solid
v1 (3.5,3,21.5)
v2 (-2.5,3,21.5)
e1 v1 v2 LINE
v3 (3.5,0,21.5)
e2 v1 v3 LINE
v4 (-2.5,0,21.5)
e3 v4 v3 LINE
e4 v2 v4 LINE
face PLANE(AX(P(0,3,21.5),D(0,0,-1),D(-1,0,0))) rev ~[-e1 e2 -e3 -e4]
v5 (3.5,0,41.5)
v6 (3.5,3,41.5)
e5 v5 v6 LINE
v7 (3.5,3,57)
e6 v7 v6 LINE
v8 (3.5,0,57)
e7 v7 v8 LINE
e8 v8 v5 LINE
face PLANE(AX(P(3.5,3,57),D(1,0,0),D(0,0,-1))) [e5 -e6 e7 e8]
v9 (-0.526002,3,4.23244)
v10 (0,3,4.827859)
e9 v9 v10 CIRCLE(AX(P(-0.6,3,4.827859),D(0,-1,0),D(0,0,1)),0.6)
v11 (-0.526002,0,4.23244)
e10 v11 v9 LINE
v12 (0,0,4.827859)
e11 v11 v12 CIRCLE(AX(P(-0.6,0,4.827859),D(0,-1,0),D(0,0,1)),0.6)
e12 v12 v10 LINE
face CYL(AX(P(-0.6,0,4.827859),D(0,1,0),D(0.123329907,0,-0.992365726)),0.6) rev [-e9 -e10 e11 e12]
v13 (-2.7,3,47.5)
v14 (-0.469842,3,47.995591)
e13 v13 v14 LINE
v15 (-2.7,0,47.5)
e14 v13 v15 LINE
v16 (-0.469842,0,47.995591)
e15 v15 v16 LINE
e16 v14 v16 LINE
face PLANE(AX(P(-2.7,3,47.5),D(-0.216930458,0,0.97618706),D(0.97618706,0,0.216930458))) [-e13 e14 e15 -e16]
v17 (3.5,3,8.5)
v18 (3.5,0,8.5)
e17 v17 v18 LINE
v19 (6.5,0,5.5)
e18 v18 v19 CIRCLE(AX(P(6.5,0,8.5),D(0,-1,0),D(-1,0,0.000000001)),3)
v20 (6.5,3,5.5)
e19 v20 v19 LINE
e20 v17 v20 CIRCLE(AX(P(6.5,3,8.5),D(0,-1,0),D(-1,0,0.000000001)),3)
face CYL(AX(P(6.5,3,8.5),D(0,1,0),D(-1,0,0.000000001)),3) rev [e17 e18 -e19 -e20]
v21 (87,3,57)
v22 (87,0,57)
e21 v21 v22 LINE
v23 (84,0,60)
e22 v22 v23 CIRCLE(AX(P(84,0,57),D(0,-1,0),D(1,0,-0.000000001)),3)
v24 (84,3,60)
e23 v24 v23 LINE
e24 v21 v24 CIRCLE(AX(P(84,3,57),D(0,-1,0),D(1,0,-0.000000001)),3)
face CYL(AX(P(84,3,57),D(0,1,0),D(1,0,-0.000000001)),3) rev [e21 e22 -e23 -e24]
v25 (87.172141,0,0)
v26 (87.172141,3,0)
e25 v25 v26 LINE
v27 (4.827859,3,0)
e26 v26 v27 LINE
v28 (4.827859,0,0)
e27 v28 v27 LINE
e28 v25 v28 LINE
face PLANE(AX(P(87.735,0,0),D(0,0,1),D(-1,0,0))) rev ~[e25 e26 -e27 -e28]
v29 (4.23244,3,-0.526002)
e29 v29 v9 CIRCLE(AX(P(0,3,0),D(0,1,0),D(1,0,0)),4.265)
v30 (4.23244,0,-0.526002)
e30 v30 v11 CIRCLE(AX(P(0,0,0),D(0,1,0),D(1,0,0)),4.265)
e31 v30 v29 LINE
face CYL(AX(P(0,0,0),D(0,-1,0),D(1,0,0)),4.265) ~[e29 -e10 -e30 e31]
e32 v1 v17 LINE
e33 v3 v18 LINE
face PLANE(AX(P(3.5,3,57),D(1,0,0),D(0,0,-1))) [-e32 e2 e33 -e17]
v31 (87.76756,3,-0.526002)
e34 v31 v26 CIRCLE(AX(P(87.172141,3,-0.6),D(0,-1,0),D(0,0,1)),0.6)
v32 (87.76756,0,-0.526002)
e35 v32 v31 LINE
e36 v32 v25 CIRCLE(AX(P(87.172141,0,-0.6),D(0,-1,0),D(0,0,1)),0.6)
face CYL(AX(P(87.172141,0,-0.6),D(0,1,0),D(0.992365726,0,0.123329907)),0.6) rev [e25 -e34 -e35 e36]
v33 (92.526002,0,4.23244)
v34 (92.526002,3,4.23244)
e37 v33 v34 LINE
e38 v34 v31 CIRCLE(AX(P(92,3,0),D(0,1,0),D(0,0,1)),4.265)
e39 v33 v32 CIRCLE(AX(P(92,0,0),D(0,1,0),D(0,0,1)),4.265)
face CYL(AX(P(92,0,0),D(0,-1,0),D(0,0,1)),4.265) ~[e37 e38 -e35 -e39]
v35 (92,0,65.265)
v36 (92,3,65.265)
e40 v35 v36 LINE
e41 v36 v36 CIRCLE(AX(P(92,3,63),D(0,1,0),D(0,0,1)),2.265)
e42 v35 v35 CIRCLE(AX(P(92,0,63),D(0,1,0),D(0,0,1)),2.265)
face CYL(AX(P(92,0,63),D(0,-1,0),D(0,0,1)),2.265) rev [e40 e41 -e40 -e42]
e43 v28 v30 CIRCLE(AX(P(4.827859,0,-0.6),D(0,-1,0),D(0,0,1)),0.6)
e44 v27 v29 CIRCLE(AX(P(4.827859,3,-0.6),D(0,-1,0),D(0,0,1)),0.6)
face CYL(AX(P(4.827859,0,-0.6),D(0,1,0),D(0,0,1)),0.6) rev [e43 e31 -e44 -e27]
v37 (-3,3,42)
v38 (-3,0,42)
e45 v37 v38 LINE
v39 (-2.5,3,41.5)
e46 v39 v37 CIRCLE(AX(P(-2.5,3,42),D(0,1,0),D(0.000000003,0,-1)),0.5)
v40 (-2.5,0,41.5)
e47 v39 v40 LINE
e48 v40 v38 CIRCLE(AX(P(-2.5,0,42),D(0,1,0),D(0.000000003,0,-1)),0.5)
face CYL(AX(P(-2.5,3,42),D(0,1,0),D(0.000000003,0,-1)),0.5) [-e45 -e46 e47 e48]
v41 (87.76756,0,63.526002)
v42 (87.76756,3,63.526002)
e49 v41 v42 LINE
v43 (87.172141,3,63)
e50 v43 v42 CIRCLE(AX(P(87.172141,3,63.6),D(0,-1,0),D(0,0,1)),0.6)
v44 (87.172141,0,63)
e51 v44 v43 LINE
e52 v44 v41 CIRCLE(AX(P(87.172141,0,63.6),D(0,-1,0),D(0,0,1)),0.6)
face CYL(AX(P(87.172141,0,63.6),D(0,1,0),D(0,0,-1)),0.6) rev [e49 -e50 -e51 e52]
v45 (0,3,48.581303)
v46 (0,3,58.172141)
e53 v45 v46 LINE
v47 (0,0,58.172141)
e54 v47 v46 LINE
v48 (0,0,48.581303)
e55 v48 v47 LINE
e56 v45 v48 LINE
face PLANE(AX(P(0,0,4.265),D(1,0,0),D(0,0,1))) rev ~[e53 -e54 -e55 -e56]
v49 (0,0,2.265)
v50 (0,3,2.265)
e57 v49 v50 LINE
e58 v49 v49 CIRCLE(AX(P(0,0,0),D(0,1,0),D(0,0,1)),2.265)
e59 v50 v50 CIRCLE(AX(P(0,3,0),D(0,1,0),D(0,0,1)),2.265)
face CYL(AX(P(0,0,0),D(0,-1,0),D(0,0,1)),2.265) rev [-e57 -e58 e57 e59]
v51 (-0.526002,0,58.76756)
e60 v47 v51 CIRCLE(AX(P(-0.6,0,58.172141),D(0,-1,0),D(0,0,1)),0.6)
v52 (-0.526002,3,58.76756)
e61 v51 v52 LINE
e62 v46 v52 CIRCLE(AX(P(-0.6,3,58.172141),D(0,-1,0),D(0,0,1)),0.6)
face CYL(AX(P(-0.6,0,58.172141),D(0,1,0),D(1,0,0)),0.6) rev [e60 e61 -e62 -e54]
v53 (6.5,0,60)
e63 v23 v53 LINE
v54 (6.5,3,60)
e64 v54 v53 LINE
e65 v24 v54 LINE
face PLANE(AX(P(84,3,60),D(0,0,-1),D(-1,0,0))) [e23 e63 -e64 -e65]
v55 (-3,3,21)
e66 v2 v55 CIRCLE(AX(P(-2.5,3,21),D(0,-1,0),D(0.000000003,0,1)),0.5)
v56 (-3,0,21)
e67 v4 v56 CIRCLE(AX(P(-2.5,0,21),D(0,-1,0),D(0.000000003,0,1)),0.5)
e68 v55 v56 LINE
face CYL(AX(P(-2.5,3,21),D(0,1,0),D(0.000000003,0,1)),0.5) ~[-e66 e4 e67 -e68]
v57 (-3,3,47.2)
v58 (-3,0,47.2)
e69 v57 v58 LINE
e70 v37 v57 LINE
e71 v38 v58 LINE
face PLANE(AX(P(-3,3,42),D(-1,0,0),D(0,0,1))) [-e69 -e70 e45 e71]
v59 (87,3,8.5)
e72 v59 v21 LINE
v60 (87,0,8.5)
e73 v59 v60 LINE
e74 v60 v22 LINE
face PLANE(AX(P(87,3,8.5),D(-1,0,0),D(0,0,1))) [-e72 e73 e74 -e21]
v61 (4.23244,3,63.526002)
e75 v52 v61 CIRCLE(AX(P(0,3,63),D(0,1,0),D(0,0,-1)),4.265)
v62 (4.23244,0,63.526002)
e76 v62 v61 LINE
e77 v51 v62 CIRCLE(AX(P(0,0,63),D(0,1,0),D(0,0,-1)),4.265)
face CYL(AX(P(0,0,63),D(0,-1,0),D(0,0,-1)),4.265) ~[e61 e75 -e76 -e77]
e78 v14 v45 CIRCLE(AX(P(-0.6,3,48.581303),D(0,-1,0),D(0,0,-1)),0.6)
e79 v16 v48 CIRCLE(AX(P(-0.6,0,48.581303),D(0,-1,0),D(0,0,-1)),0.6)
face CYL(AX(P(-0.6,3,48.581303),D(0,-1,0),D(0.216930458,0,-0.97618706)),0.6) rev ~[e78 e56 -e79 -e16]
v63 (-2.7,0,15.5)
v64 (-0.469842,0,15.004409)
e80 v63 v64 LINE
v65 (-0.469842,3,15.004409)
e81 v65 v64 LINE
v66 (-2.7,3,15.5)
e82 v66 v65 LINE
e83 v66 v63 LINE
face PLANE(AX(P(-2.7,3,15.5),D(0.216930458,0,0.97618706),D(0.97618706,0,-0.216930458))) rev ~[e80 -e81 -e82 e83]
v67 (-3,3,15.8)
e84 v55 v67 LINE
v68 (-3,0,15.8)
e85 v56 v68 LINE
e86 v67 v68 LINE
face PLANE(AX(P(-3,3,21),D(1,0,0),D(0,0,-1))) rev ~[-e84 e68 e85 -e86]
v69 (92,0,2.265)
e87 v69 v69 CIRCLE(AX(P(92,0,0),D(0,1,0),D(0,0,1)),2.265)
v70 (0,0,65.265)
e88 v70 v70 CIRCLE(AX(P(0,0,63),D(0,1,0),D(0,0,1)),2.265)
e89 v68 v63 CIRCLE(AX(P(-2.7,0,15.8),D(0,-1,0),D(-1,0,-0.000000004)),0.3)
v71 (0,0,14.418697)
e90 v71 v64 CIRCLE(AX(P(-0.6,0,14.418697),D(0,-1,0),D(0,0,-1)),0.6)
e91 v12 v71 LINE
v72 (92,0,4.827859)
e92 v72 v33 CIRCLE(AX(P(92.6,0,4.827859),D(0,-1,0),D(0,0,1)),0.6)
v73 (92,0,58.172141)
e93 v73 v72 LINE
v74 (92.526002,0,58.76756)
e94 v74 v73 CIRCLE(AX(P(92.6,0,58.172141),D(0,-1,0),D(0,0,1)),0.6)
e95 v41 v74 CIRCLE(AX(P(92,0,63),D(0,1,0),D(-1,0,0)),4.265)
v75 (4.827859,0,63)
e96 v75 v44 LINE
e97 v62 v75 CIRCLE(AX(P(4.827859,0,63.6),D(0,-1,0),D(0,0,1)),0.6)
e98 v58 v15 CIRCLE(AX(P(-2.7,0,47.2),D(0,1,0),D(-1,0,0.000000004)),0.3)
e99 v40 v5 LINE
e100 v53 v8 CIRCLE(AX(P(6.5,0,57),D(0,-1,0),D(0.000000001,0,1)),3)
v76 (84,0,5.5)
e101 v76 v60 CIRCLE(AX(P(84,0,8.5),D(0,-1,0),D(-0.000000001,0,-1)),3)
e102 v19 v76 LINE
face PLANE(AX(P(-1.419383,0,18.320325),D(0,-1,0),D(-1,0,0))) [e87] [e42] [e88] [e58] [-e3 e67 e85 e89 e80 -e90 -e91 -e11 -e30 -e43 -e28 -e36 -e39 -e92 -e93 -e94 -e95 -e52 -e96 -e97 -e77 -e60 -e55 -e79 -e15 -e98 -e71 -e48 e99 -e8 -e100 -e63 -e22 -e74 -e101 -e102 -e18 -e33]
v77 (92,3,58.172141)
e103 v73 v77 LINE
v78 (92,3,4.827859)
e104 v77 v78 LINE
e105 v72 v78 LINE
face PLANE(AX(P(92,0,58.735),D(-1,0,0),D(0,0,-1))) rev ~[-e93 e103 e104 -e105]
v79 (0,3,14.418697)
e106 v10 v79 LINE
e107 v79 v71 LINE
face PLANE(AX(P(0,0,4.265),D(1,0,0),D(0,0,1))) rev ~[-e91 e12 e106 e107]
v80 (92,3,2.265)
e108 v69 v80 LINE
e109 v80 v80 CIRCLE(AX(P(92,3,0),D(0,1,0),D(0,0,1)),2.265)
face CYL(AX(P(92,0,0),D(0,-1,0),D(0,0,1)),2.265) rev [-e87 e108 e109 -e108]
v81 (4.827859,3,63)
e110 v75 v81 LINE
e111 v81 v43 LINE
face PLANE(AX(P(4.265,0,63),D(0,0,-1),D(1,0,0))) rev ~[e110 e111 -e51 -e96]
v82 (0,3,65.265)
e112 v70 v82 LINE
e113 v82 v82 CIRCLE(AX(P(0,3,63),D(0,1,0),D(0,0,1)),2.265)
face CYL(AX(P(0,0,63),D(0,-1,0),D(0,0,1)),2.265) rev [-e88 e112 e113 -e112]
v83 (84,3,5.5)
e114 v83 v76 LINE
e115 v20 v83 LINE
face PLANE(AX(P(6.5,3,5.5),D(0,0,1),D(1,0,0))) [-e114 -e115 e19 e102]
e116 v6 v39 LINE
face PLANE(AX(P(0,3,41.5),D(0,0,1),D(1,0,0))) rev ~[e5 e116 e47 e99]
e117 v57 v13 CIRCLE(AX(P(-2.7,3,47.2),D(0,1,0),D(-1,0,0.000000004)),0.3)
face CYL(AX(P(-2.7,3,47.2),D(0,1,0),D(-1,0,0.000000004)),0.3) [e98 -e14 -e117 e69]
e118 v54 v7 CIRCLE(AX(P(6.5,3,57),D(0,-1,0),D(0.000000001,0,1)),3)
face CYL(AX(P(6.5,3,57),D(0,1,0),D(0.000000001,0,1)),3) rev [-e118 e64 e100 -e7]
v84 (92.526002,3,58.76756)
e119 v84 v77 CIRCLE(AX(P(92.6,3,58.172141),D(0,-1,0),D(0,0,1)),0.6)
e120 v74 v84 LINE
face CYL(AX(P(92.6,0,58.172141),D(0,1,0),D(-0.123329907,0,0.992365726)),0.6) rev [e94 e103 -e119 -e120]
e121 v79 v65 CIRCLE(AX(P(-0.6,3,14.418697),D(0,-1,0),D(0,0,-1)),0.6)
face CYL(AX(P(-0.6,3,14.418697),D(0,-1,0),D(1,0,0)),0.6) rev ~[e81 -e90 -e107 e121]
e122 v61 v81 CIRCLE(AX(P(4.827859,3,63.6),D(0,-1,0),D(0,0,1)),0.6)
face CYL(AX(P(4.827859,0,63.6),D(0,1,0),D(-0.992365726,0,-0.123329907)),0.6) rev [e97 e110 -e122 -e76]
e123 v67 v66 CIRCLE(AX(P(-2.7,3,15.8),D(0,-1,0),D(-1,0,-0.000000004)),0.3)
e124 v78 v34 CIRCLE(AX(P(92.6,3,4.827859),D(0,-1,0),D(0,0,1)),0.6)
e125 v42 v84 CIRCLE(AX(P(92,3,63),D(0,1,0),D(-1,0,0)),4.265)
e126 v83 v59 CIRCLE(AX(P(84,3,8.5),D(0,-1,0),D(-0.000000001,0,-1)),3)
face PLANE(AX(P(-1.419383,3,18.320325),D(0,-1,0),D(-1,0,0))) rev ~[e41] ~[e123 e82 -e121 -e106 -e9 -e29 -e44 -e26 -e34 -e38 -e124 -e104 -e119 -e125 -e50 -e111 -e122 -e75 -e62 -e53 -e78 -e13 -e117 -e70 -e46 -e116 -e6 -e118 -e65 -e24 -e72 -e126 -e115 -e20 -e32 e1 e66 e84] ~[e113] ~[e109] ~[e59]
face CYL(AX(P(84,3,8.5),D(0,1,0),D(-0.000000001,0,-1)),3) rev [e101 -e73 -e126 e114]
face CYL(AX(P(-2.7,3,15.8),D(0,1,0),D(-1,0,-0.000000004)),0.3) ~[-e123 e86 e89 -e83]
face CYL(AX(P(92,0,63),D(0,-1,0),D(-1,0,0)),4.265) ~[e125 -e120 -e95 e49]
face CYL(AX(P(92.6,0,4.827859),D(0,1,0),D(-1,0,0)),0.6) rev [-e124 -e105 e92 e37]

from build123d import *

# Parameters (mm, degrees)
SKETCH3_R           = 2.265
BOSS_EXTRUDE2_DEPTH = 3
SKETCH4_W           = 6.5
SKETCH4_H           = 20
CUT_EXTRUDE1_DEPTH  = 3
BOSS_EXTRUDE3_DEPTH = 3
FILLET1_R           = 0.6
CUT_EXTRUDE2_DEPTH  = 3


with BuildPart() as part:
    # Sketch3 → Boss-Extrude2 (new body)
    with BuildSketch(Plane(origin=(0, 0, 0), x_dir=(1, 0, 0), z_dir=(0, 1, 0))):
        with BuildLine():
            Line((0, -4.265), (0, -58.735))
            ThreePointArc((0, -58.735), (-3.015810422, -66.015810422), (4.265, -63))
            Line((4.265, -63), (87.735, -63))
            ThreePointArc((87.735, -63), (95.015810422, -66.015810422), (92, -58.735))
            Line((92, -58.735), (92, -4.265))
            ThreePointArc((92, -4.265), (95.015810422, 3.015810422), (87.735, 0))
            Line((87.735, 0), (4.265, 0))
            ThreePointArc((4.265, 0), (-3.015810422, 3.015810422), (0, -4.265))
        make_face()
        with Locations(Location((0, 0, 0), (0, 0, 270))):
            Circle(SKETCH3_R, mode=Mode.SUBTRACT)
        with Locations(Location((92, 0, 0), (0, 0, 270))):
            Circle(SKETCH3_R, mode=Mode.SUBTRACT)
        with Locations(Location((92, -63, 0), (0, 0, 270))):
            Circle(SKETCH3_R, mode=Mode.SUBTRACT)
        with Locations(Location((0, -63, 0), (0, 0, 270))):
            Circle(SKETCH3_R, mode=Mode.SUBTRACT)
    extrude(amount=BOSS_EXTRUDE2_DEPTH)

    # Sketch4 → Cut-Extrude1 (cut)
    with BuildSketch(Plane(origin=(0, 3, 0), x_dir=(1, 0, 0), z_dir=(0, 1, 0))):
        with Locations((3.25, -31.5)):
            Rectangle(SKETCH4_W, SKETCH4_H)
    extrude(amount=-CUT_EXTRUDE1_DEPTH, mode=Mode.SUBTRACT)

    # Sketch5 → Boss-Extrude3 (add)
    with BuildSketch(Plane(origin=(0, 3, 0), x_dir=(1, 0, 0), z_dir=(0, 1, 0))):
        with BuildLine():
            Line((0, -21.5), (-2.5, -21.5))
            ThreePointArc((-2.5, -21.5), (-2.853553391, -21.353553391), (-3, -21))
            Line((-3, -21), (-3, -15.8))
            ThreePointArc((-3, -15.8), (-2.912132034, -15.587867966), (-2.7, -15.5))
            Line((-2.7, -15.5), (0, -14.9))
            Line((0, -14.9), (0, -21.5))
        make_face()
        with BuildLine():
            Line((-3, -42), (-3, -47.2))
            ThreePointArc((-3, -47.2), (-2.912132034, -47.412132034), (-2.7, -47.5))
            Line((-2.7, -47.5), (0, -48.1))
            Line((0, -48.1), (0, -41.5))
            Line((0, -41.5), (-2.5, -41.5))
            ThreePointArc((-2.5, -41.5), (-2.853553391, -41.646446609), (-3, -42))
        make_face()
    extrude(amount=-BOSS_EXTRUDE3_DEPTH)

    # Fillet1
    fillet1_edges = [part.edges().sort_by_distance(p)[0] for p in [
        (92, 1.5, 4.265),
        (92, 1.5, 58.735),
        (87.735, 1.5, 63),
        (4.265, 1.5, 63),
        (0, 1.5, 58.735),
        (0, 1.5, 4.265),
        (4.265, 1.5, 0),
        (87.735, 1.5, 0),
        (6.5, 1.5, 21.5),
        (6.5, 1.5, 41.5),
        (0, 1.5, 14.9),
        (0, 1.5, 48.1),
    ]]
    fillet(fillet1_edges, radius=FILLET1_R)

    # Sketch7 → Cut-Extrude2 (cut)
    with BuildSketch(Plane(origin=(0, 3, 0), x_dir=(1, 0, 0), z_dir=(0, 1, 0))):
        with BuildLine():
            Line((6.5, -5.5), (84, -5.5))
            ThreePointArc((84, -5.5), (86.121320344, -6.378679656), (87, -8.5))
            Line((87, -8.5), (87, -57))
            ThreePointArc((87, -57), (86.121320344, -59.121320344), (84, -60))
            Line((84, -60), (6.5, -60))
            ThreePointArc((6.5, -60), (4.378679656, -59.121320344), (3.5, -57))
            Line((3.5, -57), (3.5, -8.5))
            ThreePointArc((3.5, -8.5), (4.378679656, -6.378679656), (6.5, -5.5))
        make_face()
    extrude(amount=-CUT_EXTRUDE2_DEPTH, mode=Mode.SUBTRACT)


solid = part.part
